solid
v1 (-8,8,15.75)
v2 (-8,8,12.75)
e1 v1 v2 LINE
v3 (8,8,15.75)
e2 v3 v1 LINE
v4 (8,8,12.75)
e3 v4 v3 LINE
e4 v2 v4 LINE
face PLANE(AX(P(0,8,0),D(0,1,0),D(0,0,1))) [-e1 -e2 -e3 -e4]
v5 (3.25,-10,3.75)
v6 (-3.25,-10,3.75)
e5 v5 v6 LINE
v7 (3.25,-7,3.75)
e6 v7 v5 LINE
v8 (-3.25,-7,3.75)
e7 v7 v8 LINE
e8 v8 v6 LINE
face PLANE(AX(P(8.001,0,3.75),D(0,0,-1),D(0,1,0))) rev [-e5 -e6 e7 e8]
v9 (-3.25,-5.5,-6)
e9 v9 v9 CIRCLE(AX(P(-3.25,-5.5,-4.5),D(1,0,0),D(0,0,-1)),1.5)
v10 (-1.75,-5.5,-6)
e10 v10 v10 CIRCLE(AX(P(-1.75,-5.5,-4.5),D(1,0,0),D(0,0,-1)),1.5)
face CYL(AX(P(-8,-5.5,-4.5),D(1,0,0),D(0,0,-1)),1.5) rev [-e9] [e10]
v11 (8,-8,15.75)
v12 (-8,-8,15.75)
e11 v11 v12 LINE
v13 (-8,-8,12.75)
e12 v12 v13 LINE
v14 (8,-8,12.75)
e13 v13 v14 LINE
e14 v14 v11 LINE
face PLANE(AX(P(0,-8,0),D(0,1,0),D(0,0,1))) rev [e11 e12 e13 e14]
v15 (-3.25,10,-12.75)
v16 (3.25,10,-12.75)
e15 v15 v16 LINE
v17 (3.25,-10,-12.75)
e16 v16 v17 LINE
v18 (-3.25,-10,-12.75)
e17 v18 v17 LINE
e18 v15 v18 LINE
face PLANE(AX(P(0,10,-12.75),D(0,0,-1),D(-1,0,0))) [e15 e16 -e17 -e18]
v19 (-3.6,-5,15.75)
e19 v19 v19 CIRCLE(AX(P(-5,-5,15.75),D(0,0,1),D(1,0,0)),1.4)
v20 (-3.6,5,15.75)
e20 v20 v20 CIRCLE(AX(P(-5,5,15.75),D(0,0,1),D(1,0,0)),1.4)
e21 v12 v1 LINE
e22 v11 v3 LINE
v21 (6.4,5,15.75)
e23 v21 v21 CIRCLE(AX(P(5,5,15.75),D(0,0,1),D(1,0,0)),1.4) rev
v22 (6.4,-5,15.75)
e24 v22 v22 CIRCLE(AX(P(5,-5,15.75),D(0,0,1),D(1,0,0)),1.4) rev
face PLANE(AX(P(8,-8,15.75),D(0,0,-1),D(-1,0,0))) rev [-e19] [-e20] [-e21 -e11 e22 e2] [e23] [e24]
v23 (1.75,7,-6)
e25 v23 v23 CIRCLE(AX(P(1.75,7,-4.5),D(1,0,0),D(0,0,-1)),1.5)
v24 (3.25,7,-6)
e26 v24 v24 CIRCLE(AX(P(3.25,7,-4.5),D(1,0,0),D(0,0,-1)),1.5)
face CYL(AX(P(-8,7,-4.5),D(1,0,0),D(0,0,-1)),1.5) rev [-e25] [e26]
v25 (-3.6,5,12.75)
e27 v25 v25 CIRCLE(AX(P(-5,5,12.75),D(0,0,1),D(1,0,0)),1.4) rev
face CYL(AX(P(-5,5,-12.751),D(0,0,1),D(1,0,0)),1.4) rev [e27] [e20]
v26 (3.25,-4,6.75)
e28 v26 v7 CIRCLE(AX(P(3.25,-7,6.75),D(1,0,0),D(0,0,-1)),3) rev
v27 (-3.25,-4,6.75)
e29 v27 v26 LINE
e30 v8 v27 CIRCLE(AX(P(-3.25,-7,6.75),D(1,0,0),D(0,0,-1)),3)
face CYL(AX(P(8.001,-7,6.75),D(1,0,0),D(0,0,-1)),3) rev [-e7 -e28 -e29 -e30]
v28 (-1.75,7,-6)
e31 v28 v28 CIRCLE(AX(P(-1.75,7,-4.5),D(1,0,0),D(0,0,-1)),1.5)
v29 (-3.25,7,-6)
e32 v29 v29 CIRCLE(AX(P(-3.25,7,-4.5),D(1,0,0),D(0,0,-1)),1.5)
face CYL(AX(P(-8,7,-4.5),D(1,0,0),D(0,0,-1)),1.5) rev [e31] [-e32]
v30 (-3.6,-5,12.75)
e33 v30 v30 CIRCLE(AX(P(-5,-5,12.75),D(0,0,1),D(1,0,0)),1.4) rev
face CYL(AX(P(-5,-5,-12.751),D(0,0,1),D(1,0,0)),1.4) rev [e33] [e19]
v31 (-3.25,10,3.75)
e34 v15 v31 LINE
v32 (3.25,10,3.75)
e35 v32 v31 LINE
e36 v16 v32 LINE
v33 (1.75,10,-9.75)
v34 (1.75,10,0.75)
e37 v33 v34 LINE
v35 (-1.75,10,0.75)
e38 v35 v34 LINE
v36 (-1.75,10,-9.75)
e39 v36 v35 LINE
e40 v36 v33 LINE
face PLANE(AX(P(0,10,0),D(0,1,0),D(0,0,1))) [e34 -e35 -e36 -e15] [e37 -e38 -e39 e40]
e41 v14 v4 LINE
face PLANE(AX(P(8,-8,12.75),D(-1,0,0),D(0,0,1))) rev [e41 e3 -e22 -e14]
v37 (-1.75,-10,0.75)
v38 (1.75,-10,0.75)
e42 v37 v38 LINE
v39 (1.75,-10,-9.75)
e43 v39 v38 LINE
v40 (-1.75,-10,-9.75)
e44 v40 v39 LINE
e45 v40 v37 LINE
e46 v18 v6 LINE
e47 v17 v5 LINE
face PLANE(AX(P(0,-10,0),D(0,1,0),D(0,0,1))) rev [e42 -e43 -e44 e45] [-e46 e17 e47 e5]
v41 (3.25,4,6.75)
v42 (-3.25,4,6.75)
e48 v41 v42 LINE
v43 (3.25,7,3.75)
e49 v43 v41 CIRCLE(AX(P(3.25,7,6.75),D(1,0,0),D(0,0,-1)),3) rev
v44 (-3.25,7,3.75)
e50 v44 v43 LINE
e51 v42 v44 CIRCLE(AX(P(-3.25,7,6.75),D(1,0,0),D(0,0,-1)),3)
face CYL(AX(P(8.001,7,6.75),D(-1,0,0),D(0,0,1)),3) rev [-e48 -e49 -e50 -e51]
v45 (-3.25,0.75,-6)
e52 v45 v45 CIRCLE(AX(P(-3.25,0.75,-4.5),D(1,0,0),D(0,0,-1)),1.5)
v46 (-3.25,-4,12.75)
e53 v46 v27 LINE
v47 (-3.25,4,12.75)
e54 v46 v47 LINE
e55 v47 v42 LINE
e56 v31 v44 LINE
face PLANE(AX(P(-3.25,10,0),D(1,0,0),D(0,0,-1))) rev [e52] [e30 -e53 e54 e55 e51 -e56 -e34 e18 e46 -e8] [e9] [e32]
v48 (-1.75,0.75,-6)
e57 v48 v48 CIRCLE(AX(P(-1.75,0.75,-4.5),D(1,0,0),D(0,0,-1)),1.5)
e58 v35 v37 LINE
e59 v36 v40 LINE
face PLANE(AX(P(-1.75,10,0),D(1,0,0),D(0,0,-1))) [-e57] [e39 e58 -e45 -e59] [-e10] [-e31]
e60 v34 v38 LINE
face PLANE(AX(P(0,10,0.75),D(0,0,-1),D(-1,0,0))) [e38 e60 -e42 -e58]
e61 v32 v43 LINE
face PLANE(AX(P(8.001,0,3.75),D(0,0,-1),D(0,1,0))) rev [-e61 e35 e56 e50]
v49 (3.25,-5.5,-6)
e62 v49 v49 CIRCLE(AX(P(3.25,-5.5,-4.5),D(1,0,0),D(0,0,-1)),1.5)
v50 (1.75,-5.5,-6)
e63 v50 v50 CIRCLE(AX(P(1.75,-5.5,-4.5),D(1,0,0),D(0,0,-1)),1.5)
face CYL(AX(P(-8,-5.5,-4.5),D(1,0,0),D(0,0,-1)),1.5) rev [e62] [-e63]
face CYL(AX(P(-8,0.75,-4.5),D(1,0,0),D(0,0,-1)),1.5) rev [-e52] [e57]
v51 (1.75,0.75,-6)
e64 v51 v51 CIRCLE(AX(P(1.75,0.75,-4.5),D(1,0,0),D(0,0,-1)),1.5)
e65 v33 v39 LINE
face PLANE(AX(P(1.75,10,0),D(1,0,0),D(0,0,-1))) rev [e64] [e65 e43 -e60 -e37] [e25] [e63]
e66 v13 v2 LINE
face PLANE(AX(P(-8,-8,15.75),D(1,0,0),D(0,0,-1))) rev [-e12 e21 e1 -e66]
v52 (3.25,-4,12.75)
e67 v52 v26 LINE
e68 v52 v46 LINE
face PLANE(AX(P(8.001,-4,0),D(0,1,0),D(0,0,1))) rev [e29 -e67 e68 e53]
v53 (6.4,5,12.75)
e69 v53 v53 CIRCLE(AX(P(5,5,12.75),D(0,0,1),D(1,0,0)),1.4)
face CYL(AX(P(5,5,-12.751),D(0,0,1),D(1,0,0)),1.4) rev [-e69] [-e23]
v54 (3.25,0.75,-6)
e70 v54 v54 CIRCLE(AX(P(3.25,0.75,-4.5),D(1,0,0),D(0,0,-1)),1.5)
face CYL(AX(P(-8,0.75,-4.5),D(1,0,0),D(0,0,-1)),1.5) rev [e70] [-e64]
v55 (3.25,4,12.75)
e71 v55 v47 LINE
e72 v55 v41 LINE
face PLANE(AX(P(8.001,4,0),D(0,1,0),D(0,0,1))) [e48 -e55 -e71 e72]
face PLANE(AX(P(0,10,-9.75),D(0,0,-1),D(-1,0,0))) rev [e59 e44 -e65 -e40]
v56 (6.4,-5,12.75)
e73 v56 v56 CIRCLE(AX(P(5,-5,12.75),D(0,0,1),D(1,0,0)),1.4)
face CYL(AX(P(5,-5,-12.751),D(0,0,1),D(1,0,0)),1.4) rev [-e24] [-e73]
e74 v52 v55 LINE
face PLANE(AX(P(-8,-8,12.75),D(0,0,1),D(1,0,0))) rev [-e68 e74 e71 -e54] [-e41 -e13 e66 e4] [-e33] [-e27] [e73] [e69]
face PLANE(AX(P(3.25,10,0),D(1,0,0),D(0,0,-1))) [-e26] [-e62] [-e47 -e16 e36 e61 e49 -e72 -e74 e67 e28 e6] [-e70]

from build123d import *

# Parameters (mm, degrees)
SKETCH1_W           = 6.5
SKETCH1_H           = 25.5
SKETCH1_W_2         = 3.5
SKETCH1_H_2         = 10.5
BOSS_EXTRUDE1_DEPTH = 10
SKETCH2_W           = 16
SKETCH2_H           = 3
BOSS_EXTRUDE2_DEPTH = 8
CUT_EXTRUDE1_REACH  = 23.786
CUT_EXTRUDE2_REACH  = 33.245
SKETCH4_R           = 1.4
FILLET1_R           = 3
SKETCH6_R           = 1.5
CUT_EXTRUDE4_DEPTH  = 22.785889929


with BuildPart() as part:
    # Sketch1 → Boss-Extrude1 (new, symmetric)
    with BuildSketch(Plane(origin=(0, 0, 0), x_dir=(1, 0, 0), z_dir=(0, 1, 0))):
        Rectangle(SKETCH1_W, SKETCH1_H)
        with Locations((0, 4.5)):
            Rectangle(SKETCH1_W_2, SKETCH1_H_2, mode=Mode.SUBTRACT)
    extrude(amount=BOSS_EXTRUDE1_DEPTH, both=True)

    # Sketch2 → Boss-Extrude2 (add, symmetric)
    with BuildSketch(Plane.XZ):
        with Locations((0, 14.25)):
            Rectangle(SKETCH2_W, SKETCH2_H)
    extrude(amount=BOSS_EXTRUDE2_DEPTH, both=True)

    # Sketch3 → Cut-Extrude1 (cut, up to next)
    with BuildSketch(Plane.ZY.offset(3.25), mode=Mode.PRIVATE) as cut_extrude1_sk1:
        Polygon((12.75, -4), (3.75, -4), (3.75, -10), (12.75, -10), (12.75, -8), align=None)
    cut_extrude1_tool1 = extrude(cut_extrude1_sk1.sketch, amount=-CUT_EXTRUDE1_REACH, mode=Mode.PRIVATE) & part.part
    # Sketch3 → Cut-Extrude1 (cut, up to next)
    with BuildSketch(Plane.ZY.offset(3.25), mode=Mode.PRIVATE) as cut_extrude1_sk2:
        Polygon((12.75, 8), (12.75, 10), (3.75, 10), (3.75, 4), (12.75, 4), align=None)
    cut_extrude1_tool2 = extrude(cut_extrude1_sk2.sketch, amount=-CUT_EXTRUDE1_REACH, mode=Mode.PRIVATE) & part.part
    add(cut_extrude1_tool1.solids().sort_by_distance((-3.25, -7, 8.25))[0], mode=Mode.SUBTRACT)
    add(cut_extrude1_tool2.solids().sort_by_distance((-3.25, 7, 8.25))[0], mode=Mode.SUBTRACT)

    # Sketch4 → Cut-Extrude2 (cut, up to next)
    with BuildSketch(Plane.XY.offset(15.75), mode=Mode.PRIVATE) as cut_extrude2_sk1:
        with Locations((5, -5)):
            Circle(SKETCH4_R)
    cut_extrude2_tool1 = extrude(cut_extrude2_sk1.sketch, amount=-CUT_EXTRUDE2_REACH, mode=Mode.PRIVATE) & part.part
    # Sketch4 → Cut-Extrude2 (cut, up to next)
    with BuildSketch(Plane.XY.offset(15.75), mode=Mode.PRIVATE) as cut_extrude2_sk2:
        with Locations((5, 5)):
            Circle(SKETCH4_R)
    cut_extrude2_tool2 = extrude(cut_extrude2_sk2.sketch, amount=-CUT_EXTRUDE2_REACH, mode=Mode.PRIVATE) & part.part
    # Sketch4 → Cut-Extrude2 (cut, up to next)
    with BuildSketch(Plane.XY.offset(15.75), mode=Mode.PRIVATE) as cut_extrude2_sk3:
        with Locations((-5, 5)):
            Circle(SKETCH4_R)
    cut_extrude2_tool3 = extrude(cut_extrude2_sk3.sketch, amount=-CUT_EXTRUDE2_REACH, mode=Mode.PRIVATE) & part.part
    # Sketch4 → Cut-Extrude2 (cut, up to next)
    with BuildSketch(Plane.XY.offset(15.75), mode=Mode.PRIVATE) as cut_extrude2_sk4:
        with Locations((-5, -5)):
            Circle(SKETCH4_R)
    cut_extrude2_tool4 = extrude(cut_extrude2_sk4.sketch, amount=-CUT_EXTRUDE2_REACH, mode=Mode.PRIVATE) & part.part
    add(cut_extrude2_tool1.solids().sort_by_distance((5, -5, 15.75))[0], mode=Mode.SUBTRACT)
    add(cut_extrude2_tool2.solids().sort_by_distance((5, 5, 15.75))[0], mode=Mode.SUBTRACT)
    add(cut_extrude2_tool3.solids().sort_by_distance((-5, 5, 15.75))[0], mode=Mode.SUBTRACT)
    add(cut_extrude2_tool4.solids().sort_by_distance((-5, -5, 15.75))[0], mode=Mode.SUBTRACT)

    # Fillet1
    fillet1_edges = [part.edges().sort_by_distance(p)[0] for p in [
        (0, -4, 3.75),
        (0, 4, 3.75),
    ]]
    fillet(fillet1_edges, radius=FILLET1_R)

    # Sketch6 → Cut-Extrude4 (cut, through all)
    with BuildSketch(Plane(origin=(3.25, 0, 0), x_dir=(0, 0, -1), z_dir=(1, 0, 0))):
        with Locations((4.5, 7)):
            Circle(SKETCH6_R)
        with Locations((4.5, -5.5)):
            Circle(SKETCH6_R)
        with Locations((4.5, 0.75)):
            Circle(SKETCH6_R)
    extrude(amount=-CUT_EXTRUDE4_DEPTH, mode=Mode.SUBTRACT)


solid = part.part
